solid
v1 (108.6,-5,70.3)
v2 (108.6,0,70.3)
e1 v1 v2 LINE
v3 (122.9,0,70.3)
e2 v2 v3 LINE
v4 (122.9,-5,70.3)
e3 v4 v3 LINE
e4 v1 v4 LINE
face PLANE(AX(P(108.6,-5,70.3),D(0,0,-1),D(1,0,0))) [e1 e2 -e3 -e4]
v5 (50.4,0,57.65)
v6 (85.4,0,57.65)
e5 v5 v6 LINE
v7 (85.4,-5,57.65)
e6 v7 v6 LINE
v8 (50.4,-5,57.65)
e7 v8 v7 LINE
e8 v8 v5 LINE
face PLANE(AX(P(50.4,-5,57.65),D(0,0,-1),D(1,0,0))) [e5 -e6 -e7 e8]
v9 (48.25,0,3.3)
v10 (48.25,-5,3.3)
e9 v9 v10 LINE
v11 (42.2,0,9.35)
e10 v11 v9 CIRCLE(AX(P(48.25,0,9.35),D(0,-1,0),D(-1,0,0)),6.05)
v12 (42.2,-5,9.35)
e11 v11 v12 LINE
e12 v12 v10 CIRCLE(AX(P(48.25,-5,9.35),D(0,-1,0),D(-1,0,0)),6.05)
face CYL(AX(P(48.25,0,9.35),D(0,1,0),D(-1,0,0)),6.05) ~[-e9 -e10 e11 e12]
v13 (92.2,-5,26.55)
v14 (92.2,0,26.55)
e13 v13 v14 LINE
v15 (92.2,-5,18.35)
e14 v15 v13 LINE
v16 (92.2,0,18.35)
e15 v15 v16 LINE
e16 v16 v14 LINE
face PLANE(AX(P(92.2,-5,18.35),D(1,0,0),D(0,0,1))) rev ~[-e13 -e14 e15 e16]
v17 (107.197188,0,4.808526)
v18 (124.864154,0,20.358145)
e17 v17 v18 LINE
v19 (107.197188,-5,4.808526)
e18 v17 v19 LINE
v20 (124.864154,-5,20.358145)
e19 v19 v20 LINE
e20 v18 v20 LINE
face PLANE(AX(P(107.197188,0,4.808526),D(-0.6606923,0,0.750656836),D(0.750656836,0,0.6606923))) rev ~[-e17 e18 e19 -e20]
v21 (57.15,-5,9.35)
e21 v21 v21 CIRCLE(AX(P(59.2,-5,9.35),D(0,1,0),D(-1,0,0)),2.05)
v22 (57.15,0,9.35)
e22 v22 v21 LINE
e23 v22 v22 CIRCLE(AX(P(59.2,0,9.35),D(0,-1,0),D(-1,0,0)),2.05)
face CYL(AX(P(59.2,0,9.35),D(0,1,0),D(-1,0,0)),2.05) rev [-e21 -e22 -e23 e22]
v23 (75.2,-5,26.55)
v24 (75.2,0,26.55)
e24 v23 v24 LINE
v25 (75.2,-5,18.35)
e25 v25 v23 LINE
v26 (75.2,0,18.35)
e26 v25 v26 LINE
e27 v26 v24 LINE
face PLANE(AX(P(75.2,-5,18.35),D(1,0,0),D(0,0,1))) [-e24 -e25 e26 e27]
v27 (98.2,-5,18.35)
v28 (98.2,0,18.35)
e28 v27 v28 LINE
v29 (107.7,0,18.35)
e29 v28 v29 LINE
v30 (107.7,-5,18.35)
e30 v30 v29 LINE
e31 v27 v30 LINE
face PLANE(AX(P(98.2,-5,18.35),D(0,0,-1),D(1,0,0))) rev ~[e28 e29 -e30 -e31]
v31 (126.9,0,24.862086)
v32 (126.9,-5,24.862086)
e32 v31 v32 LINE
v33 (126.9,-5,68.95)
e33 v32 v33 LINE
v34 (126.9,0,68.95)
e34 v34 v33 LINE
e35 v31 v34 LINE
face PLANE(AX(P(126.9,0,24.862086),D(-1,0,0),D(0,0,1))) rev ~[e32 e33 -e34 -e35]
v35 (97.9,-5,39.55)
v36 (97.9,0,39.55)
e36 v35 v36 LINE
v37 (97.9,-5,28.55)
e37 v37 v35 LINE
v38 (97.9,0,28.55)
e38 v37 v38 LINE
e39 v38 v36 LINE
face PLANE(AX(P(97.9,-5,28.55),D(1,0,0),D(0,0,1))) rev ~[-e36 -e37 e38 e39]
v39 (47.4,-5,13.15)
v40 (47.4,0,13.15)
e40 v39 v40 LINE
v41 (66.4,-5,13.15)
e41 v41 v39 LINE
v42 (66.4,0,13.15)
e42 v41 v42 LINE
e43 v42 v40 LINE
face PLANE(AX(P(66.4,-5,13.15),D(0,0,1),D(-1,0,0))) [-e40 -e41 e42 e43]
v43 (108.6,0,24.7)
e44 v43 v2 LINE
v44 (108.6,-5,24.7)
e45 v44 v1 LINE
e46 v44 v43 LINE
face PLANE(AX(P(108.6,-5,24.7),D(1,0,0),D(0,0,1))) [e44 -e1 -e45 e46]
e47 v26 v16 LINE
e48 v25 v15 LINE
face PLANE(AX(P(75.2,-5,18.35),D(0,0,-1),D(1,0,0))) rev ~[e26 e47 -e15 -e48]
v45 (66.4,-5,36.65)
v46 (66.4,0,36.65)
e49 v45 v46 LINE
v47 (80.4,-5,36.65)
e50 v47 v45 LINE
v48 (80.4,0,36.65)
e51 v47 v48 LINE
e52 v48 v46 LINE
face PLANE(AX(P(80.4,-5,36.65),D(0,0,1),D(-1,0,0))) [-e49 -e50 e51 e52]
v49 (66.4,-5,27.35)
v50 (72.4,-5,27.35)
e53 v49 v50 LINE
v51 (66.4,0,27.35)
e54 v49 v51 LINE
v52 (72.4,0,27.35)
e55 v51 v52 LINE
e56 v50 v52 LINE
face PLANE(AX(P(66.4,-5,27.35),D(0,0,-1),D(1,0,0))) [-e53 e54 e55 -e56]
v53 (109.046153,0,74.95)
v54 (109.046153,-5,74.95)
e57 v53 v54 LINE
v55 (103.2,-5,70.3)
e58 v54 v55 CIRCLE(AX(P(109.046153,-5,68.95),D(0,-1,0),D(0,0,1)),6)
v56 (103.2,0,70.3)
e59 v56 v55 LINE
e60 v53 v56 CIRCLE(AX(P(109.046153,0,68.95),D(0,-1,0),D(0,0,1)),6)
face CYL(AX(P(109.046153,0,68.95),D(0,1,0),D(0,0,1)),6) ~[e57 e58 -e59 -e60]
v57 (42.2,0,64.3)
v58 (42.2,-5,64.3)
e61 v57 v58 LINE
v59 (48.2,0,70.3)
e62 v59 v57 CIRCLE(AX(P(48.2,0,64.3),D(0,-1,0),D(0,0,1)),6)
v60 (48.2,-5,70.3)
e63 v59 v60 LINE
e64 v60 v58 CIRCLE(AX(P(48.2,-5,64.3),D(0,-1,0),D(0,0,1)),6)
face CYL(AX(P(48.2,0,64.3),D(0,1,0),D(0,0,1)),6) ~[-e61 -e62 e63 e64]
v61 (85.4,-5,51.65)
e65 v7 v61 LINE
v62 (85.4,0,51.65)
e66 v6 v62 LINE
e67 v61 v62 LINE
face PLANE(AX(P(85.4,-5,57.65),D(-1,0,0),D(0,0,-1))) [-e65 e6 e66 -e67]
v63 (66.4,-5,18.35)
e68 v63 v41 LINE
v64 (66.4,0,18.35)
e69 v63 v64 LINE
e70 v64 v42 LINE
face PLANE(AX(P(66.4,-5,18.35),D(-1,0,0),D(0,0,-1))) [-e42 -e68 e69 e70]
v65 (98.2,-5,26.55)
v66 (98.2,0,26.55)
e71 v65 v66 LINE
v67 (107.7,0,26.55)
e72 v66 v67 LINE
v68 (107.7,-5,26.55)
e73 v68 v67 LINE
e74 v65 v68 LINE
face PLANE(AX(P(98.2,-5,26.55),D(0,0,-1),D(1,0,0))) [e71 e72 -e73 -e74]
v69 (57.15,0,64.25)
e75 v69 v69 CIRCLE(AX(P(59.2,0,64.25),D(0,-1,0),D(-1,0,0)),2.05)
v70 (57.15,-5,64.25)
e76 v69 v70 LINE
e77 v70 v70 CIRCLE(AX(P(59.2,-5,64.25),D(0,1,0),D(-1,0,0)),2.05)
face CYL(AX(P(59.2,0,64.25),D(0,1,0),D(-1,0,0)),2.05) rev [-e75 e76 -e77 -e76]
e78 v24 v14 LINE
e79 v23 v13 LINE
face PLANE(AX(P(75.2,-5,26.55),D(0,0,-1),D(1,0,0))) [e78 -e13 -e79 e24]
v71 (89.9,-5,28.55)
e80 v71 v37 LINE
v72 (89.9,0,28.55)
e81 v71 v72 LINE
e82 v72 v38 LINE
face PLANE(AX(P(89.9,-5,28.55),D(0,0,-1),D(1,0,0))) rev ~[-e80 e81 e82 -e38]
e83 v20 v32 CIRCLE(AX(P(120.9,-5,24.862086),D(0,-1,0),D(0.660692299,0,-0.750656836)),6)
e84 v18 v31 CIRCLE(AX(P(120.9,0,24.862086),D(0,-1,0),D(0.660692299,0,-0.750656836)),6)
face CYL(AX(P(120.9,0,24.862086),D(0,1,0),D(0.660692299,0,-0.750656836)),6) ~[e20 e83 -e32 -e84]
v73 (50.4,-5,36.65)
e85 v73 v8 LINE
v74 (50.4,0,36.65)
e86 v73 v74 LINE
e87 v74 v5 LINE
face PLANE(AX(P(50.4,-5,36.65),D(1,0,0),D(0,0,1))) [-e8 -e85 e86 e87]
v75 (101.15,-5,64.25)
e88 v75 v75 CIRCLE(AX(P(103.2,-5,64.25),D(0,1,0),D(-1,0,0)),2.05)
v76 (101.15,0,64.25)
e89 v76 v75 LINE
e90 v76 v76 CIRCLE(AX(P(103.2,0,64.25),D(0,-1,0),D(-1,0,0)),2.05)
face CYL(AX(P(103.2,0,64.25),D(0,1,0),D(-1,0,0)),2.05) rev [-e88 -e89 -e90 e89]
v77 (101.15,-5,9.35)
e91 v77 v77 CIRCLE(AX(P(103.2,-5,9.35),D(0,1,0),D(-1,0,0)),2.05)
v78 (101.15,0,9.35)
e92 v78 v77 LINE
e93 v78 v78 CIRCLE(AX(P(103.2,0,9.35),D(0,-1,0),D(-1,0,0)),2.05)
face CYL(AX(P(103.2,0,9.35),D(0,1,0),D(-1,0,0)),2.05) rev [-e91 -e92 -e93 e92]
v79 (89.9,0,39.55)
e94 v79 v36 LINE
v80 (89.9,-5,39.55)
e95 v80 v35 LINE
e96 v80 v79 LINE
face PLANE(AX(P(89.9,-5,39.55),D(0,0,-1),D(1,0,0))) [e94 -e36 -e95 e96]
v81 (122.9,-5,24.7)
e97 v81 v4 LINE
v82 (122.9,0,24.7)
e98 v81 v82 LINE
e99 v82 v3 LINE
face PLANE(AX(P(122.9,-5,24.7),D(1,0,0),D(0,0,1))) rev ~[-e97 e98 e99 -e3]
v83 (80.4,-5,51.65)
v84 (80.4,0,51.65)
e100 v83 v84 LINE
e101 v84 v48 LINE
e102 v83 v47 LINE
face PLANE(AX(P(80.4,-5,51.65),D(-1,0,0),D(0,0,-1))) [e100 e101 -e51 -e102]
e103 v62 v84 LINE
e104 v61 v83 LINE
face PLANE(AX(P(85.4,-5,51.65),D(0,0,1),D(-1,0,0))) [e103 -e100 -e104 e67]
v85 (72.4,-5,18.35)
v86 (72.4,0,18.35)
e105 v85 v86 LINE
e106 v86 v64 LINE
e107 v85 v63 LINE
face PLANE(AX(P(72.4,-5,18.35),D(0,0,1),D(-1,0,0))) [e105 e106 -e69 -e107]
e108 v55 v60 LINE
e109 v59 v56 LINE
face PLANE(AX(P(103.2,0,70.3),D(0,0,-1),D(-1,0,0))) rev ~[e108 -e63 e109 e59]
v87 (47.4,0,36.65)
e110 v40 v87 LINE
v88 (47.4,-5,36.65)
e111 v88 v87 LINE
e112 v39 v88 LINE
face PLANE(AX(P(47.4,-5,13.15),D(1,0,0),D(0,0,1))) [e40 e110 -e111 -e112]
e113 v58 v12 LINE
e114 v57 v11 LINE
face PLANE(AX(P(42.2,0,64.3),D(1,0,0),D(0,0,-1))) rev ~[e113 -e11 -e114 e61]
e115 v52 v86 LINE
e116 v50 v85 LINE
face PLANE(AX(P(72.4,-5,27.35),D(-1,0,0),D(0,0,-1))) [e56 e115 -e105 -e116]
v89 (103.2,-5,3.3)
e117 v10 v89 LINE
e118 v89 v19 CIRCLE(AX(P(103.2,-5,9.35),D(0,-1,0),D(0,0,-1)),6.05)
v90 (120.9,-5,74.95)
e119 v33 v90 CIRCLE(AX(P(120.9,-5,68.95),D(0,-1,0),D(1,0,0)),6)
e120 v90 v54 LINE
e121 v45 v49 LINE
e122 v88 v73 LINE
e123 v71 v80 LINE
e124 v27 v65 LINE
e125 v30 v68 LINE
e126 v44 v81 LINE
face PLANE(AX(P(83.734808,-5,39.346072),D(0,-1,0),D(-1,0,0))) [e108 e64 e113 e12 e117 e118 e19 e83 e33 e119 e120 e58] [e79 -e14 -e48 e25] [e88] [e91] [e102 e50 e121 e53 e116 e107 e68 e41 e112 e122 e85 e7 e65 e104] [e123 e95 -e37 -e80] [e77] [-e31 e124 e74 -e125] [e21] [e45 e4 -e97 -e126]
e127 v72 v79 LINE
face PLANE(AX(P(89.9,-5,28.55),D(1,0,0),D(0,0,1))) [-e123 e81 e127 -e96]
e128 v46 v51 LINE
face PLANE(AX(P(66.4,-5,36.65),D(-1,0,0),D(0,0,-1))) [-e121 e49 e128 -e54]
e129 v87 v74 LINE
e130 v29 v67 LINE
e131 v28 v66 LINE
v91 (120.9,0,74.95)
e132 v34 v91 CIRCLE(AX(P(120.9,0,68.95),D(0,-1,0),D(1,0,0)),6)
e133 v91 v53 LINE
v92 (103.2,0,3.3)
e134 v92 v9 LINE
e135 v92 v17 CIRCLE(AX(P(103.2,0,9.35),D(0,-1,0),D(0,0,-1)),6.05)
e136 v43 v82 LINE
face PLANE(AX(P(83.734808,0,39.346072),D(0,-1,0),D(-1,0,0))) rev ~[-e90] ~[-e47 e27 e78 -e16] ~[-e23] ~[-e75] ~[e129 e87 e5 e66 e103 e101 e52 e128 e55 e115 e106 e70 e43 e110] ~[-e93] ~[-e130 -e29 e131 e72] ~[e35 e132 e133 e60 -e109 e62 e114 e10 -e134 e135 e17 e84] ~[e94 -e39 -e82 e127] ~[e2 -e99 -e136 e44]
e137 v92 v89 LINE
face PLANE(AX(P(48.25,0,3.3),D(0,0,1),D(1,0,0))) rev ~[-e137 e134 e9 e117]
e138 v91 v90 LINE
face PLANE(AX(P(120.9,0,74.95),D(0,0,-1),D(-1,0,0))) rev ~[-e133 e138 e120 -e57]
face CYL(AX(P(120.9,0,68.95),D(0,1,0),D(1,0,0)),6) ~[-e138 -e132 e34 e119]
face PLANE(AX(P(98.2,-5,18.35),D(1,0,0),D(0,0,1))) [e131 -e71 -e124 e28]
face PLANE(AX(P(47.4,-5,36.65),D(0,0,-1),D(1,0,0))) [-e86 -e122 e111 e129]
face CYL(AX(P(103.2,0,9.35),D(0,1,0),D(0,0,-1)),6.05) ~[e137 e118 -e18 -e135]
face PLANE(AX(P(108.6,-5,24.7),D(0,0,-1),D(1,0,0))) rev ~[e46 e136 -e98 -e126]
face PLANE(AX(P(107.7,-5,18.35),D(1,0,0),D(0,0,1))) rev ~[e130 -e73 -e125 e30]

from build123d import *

# Parameters (mm, degrees)
SKETCH_2_R          = 6.05
SKETCH_2_R_2        = 2.05
EXTRUDE_1_DEPTH     = 5
EXTRUDE_1_2_DEPTH   = 5
EXTRUDE_1_3_DEPTH   = 5
EXTRUDE_1_4_DEPTH   = 5
SKETCH_6_R          = 2.05
EXTRUDE_1_5_DEPTH   = 5
SKETCH_7_W          = 14.3
SKETCH_7_H          = 45.6
SKETCH_7_W_2        = 9.5
SKETCH_7_H_2        = 8.2
SKETCH_7_W_3        = 8
SKETCH_7_H_3        = 11
SKETCH_7_W_4        = 17
CUT_EXTRUDE_1_DEPTH = 5


with BuildPart() as part:
    # 草图2 → Extrude 1 (new body)
    with BuildSketch(Plane(origin=(0, 0, 0), x_dir=(-1, 0, 0), z_dir=(0, -1, 0))):
        with Locations((-103.2, -9.35)):
            Circle(SKETCH_2_R)
        with Locations((-103.2, -9.35)):
            Circle(SKETCH_2_R_2, mode=Mode.SUBTRACT)
    extrude(amount=EXTRUDE_1_DEPTH)



with BuildPart() as body_2:
    # 草图2 → Extrude 1 2 (new body)
    with BuildSketch(Plane(origin=(0, 0, 0), x_dir=(-1, 0, 0), z_dir=(0, -1, 0))):
        with Locations((-59.2, -9.35)):
            Circle(SKETCH_2_R)
        with Locations((-59.2, -9.35)):
            Circle(SKETCH_2_R_2, mode=Mode.SUBTRACT)
    extrude(amount=EXTRUDE_1_2_DEPTH)


with BuildPart() as body_3:
    # 草图2 → Extrude 1 3 (new body)
    with BuildSketch(Plane(origin=(0, 0, 0), x_dir=(-1, 0, 0), z_dir=(0, -1, 0))):
        with Locations((-59.2, -64.25)):
            Circle(SKETCH_2_R)
        with Locations((-59.2, -64.25)):
            Circle(SKETCH_2_R_2, mode=Mode.SUBTRACT)
    extrude(amount=EXTRUDE_1_3_DEPTH)


with BuildPart() as body_4:
    # 草图2 → Extrude 1 4 (new body)
    with BuildSketch(Plane(origin=(0, 0, 0), x_dir=(-1, 0, 0), z_dir=(0, -1, 0))):
        with Locations((-103.2, -64.25)):
            Circle(SKETCH_2_R)
        with Locations((-103.2, -64.25)):
            Circle(SKETCH_2_R_2, mode=Mode.SUBTRACT)
    extrude(amount=EXTRUDE_1_4_DEPTH)


with BuildPart() as part_1:
    add(part.part)

    add(body_2.part)  # Extrude 1 5 merges body 2

    add(body_3.part)  # Extrude 1 5 merges body 3

    add(body_4.part)  # Extrude 1 5 merges body 4
    # 草图6 → Extrude 1 5 (add)
    with BuildSketch(Plane(origin=(0, 0, 0), x_dir=(1, 0, 0), z_dir=(0, 1, 0))):
        with BuildLine():
            Line((107.197188412, -4.808526143), (124.864153797, -20.358145394))
            ThreePointArc((124.864153797, -20.358145394), (126.367399875, -22.390742927), (126.9, -24.862086409))
            Line((126.9, -24.862086409), (126.9, -68.95))
            ThreePointArc((126.9, -68.95), (125.142640687, -73.192640687), (120.9, -74.95))
            Line((120.9, -74.95), (109.046152581, -74.95))
            ThreePointArc((109.046152581, -74.95), (105.311182702, -73.645742753), (103.2, -70.3))
            Line((103.2, -70.3), (48.2, -70.3))
            ThreePointArc((48.2, -70.3), (43.957359313, -68.542640687), (42.2, -64.3))
            Line((42.2, -64.3), (42.2, -9.35))
            ThreePointArc((42.2, -9.35), (43.972003974, -5.072003974), (48.25, -3.3))
            Line((48.25, -3.3), (59.2, -3.3))
            Line((59.2, -3.3), (103.2, -3.3))
            ThreePointArc((103.2, -3.3), (105.336186224, -3.689681244), (107.197188412, -4.808526143))
        make_face()
        with Locations(Location((103.2, -9.35, 0), (0, 0, 270))):
            Circle(SKETCH_6_R, mode=Mode.SUBTRACT)
        with Locations(Location((103.2, -64.25, 0), (0, 0, 270))):
            Circle(SKETCH_6_R, mode=Mode.SUBTRACT)
        with Locations(Location((59.2, -64.25, 0), (0, 0, 270))):
            Circle(SKETCH_6_R, mode=Mode.SUBTRACT)
        with Locations(Location((59.2, -9.35, 0), (0, 0, 90))):
            Circle(SKETCH_6_R, mode=Mode.SUBTRACT)
    extrude(amount=-EXTRUDE_1_5_DEPTH)

    # 草图7 → 切除-拉伸1 (cut)
    with BuildSketch(Plane(origin=(0, -5, 3), x_dir=(1, 0, 0), z_dir=(0, -1, 0))):
        with Locations((115.75, 44.5)):
            Rectangle(SKETCH_7_W, SKETCH_7_H)
        with Locations((102.95, 19.45)):
            Rectangle(SKETCH_7_W_2, SKETCH_7_H_2)
        with Locations((93.9, 31.05)):
            Rectangle(SKETCH_7_W_3, SKETCH_7_H_3)
        with Locations((83.7, 19.45)):
            Rectangle(SKETCH_7_W_4, SKETCH_7_H_2)
        Polygon((72.4, 24.35), (72.4, 15.35), (66.4, 15.35), (66.4, 10.15), (47.4, 10.15), (47.4, 33.65), (50.4, 33.65), (50.4, 54.65), (85.4, 54.65), (85.4, 48.65), (80.4, 48.65), (80.4, 33.65), (66.4, 33.65), (66.4, 24.35), align=None)
    extrude(amount=-CUT_EXTRUDE_1_DEPTH, mode=Mode.SUBTRACT)


solid = part_1.part
